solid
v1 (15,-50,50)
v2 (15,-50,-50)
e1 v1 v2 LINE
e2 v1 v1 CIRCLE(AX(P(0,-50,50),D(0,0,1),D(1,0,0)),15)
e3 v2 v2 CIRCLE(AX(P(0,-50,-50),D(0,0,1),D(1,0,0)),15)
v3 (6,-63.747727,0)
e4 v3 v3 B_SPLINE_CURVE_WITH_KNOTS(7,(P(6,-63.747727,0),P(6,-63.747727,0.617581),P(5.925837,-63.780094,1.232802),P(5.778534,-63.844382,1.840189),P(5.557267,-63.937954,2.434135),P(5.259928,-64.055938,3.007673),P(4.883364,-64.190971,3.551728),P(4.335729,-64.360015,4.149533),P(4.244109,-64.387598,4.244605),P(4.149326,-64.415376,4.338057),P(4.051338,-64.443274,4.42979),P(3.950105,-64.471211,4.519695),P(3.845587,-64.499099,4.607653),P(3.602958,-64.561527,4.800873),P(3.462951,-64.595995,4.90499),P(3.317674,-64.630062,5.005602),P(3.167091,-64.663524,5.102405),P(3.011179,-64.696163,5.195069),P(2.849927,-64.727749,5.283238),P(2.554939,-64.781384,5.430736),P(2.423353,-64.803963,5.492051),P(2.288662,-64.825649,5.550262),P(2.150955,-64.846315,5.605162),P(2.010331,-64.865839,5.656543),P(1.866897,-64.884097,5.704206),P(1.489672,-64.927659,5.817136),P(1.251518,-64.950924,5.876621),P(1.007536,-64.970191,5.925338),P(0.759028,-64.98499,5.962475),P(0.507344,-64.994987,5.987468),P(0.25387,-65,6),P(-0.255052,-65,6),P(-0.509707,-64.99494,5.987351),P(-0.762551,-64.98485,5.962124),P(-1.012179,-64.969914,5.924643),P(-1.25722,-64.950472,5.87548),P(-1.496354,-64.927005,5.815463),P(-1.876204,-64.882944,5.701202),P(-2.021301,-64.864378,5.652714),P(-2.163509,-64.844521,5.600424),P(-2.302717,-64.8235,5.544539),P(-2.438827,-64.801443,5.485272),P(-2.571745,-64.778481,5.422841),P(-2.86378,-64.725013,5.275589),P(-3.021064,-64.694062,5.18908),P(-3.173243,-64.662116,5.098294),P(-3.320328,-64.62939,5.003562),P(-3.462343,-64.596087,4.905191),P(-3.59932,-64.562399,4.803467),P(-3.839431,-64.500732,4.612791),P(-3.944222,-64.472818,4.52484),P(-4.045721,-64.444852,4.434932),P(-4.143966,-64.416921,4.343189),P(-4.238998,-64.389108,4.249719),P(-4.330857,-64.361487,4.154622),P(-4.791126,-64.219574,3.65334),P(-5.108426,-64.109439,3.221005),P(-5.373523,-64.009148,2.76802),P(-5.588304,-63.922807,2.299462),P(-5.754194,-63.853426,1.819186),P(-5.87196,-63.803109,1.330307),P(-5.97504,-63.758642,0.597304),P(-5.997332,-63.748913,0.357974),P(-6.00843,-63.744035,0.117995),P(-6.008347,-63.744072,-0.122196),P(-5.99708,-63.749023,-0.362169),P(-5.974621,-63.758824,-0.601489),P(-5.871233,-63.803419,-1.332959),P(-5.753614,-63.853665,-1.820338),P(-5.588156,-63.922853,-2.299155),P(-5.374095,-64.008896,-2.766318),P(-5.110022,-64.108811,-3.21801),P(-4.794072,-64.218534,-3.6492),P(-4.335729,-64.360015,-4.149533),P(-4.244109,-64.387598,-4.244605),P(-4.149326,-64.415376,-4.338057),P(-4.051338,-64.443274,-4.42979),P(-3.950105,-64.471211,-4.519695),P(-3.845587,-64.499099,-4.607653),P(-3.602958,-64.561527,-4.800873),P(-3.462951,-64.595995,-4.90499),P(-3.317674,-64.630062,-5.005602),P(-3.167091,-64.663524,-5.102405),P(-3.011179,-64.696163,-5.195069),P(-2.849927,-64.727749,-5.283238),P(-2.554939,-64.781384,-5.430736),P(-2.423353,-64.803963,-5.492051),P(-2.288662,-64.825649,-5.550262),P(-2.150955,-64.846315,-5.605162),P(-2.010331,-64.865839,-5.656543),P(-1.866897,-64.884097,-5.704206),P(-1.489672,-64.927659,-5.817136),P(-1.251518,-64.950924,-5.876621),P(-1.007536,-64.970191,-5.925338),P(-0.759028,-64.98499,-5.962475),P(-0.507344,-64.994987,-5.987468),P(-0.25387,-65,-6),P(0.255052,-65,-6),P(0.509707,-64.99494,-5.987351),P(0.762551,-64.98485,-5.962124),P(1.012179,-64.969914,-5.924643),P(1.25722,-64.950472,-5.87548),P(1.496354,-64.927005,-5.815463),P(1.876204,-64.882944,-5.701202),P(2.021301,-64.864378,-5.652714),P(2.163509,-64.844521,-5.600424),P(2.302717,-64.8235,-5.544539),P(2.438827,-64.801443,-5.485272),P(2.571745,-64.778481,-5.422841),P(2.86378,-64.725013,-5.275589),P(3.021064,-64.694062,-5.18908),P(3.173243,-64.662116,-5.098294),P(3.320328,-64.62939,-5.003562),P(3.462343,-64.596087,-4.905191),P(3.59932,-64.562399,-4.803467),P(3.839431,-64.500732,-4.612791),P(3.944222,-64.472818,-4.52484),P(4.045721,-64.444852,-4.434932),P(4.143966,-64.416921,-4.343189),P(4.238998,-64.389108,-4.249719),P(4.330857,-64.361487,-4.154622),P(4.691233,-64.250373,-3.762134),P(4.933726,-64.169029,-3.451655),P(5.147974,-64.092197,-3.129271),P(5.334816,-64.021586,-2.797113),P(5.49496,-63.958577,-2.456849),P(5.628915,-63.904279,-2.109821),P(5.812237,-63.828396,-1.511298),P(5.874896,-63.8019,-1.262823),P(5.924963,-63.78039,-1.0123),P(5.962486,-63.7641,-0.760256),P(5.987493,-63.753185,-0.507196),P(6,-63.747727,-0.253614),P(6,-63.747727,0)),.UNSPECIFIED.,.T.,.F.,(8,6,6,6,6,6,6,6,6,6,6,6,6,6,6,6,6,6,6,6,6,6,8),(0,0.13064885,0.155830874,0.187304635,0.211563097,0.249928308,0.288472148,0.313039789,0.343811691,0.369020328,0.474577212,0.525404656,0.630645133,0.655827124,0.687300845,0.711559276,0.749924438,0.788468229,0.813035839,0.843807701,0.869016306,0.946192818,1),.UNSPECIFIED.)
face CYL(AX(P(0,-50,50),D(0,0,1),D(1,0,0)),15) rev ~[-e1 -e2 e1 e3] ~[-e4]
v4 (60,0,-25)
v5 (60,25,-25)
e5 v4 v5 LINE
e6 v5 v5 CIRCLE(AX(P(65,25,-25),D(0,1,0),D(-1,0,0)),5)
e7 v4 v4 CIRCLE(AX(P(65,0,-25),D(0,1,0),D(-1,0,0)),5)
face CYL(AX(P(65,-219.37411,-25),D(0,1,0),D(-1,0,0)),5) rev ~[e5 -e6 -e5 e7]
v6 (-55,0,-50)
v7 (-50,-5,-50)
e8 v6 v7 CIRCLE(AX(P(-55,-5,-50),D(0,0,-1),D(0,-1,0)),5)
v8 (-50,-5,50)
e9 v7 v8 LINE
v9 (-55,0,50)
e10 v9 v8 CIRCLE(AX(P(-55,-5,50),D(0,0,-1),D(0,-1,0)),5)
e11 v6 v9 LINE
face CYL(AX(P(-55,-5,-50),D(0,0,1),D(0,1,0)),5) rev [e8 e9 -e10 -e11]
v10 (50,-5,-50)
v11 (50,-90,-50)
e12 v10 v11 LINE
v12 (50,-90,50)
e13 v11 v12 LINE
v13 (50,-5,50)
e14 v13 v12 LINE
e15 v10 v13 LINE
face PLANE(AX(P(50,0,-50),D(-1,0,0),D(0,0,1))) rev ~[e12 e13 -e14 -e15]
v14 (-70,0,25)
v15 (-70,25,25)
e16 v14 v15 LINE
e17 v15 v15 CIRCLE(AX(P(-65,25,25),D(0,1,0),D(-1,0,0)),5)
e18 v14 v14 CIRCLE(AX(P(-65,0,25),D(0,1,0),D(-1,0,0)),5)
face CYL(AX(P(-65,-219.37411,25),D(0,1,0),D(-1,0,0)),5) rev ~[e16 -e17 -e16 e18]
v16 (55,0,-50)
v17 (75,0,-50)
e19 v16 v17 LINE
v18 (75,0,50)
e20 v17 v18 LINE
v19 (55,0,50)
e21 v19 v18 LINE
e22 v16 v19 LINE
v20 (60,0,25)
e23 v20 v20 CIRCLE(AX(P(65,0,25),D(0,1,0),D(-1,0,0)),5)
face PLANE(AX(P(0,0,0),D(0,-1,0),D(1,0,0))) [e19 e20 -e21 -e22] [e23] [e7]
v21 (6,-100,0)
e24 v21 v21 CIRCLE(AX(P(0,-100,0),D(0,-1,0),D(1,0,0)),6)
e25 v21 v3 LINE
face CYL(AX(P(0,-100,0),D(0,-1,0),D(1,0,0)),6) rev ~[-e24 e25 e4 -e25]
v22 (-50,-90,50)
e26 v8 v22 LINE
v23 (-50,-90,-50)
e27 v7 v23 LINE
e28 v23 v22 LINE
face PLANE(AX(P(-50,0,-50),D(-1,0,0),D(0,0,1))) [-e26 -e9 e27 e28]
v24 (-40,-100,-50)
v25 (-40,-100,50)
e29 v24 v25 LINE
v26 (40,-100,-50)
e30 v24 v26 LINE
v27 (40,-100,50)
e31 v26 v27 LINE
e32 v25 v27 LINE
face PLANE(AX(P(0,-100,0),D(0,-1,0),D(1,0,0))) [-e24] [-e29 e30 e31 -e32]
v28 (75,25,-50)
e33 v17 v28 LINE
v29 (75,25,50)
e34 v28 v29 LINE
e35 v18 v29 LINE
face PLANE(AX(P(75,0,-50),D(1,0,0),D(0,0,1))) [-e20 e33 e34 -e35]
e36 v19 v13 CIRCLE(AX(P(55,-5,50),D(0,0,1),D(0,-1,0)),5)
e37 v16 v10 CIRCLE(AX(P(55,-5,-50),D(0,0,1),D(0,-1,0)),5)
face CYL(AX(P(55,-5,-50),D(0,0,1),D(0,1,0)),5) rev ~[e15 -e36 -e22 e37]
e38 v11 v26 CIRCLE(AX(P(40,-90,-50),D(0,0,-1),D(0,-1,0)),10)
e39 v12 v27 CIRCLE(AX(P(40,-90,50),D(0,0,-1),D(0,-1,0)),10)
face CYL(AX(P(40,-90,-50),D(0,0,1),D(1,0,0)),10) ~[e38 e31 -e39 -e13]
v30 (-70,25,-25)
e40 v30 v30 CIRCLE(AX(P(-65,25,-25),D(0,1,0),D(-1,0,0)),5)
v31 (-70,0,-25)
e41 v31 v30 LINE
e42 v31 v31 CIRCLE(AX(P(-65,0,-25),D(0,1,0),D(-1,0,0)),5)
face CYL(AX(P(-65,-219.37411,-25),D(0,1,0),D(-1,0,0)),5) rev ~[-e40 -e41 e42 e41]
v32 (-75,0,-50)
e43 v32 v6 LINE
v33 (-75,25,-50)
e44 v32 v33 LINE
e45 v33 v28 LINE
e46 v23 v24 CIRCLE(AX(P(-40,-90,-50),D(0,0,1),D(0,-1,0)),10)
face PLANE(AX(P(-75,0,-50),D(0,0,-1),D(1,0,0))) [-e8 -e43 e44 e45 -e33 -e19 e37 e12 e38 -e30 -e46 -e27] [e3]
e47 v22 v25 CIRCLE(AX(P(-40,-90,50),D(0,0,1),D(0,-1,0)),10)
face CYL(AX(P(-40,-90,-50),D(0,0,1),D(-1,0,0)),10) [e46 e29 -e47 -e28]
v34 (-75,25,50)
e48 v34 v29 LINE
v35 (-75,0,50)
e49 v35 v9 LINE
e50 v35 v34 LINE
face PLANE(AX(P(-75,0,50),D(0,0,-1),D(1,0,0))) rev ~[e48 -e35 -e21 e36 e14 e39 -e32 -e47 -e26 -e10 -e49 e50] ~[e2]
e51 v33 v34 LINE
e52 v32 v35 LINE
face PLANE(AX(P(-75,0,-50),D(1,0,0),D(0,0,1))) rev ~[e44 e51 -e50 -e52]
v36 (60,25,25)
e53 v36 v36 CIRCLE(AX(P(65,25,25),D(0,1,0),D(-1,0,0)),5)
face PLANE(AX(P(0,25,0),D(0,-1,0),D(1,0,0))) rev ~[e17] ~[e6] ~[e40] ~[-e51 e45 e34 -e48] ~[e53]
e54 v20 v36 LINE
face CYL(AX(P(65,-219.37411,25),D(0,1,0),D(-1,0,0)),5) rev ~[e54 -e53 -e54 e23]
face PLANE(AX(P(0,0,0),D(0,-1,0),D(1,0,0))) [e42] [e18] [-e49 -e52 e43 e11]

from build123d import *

# Parameters (mm, degrees)
F0_W     = 100
F0_H     = 100
F1_DEPTH = 100
F2_R     = 10
F3_R     = 15
F4_DEPTH = 100.001
F5_R     = 6
F6_DEPTH = 36.2532730151
F7_W     = 150
F7_H     = 100
F8_DEPTH = 25
F9_R     = 5
F11_D    = 10


with BuildPart() as f1:
    # F0 (on Front) → F1 (new body)
    with BuildSketch(Plane.XZ):
        Rectangle(F0_W, F0_H)
    extrude(amount=F1_DEPTH)

    # F2
    f2_edges = [f1.edges().sort_by_distance(p)[0] for p in [
        (50, -100, 0),
        (-50, -100, 0),
    ]]
    fillet(f2_edges, radius=F2_R)

    # F3 (on face) → F4 (cut, through all)
    with BuildSketch(Plane.XY.offset(50)):
        with Locations((0, -50)):
            Circle(F3_R)
    extrude(amount=-F4_DEPTH, mode=Mode.SUBTRACT)

    # F5 (on face) → F6 (cut, through all)
    with BuildSketch(Plane.XZ.offset(100)):
        Circle(F5_R)
    extrude(amount=-F6_DEPTH, mode=Mode.SUBTRACT)

    # F7 (on Front) → F8 (join)
    with BuildSketch(Plane.XZ):
        Rectangle(F7_W, F7_H)
    extrude(amount=-F8_DEPTH)

    # F9
    f9_edges = [f1.edges().sort_by_distance(p)[0] for p in [
        (50, 0, 0),
        (-50, 0, 0),
    ]]
    fillet(f9_edges, radius=F9_R)

    # F11 (through all)
    with Locations(Plane.XZ):
        with Locations((-65, 25), (-65, -25), (65, 25), (65, -25)):
            Hole(F11_D / 2)


solid = f1.part
